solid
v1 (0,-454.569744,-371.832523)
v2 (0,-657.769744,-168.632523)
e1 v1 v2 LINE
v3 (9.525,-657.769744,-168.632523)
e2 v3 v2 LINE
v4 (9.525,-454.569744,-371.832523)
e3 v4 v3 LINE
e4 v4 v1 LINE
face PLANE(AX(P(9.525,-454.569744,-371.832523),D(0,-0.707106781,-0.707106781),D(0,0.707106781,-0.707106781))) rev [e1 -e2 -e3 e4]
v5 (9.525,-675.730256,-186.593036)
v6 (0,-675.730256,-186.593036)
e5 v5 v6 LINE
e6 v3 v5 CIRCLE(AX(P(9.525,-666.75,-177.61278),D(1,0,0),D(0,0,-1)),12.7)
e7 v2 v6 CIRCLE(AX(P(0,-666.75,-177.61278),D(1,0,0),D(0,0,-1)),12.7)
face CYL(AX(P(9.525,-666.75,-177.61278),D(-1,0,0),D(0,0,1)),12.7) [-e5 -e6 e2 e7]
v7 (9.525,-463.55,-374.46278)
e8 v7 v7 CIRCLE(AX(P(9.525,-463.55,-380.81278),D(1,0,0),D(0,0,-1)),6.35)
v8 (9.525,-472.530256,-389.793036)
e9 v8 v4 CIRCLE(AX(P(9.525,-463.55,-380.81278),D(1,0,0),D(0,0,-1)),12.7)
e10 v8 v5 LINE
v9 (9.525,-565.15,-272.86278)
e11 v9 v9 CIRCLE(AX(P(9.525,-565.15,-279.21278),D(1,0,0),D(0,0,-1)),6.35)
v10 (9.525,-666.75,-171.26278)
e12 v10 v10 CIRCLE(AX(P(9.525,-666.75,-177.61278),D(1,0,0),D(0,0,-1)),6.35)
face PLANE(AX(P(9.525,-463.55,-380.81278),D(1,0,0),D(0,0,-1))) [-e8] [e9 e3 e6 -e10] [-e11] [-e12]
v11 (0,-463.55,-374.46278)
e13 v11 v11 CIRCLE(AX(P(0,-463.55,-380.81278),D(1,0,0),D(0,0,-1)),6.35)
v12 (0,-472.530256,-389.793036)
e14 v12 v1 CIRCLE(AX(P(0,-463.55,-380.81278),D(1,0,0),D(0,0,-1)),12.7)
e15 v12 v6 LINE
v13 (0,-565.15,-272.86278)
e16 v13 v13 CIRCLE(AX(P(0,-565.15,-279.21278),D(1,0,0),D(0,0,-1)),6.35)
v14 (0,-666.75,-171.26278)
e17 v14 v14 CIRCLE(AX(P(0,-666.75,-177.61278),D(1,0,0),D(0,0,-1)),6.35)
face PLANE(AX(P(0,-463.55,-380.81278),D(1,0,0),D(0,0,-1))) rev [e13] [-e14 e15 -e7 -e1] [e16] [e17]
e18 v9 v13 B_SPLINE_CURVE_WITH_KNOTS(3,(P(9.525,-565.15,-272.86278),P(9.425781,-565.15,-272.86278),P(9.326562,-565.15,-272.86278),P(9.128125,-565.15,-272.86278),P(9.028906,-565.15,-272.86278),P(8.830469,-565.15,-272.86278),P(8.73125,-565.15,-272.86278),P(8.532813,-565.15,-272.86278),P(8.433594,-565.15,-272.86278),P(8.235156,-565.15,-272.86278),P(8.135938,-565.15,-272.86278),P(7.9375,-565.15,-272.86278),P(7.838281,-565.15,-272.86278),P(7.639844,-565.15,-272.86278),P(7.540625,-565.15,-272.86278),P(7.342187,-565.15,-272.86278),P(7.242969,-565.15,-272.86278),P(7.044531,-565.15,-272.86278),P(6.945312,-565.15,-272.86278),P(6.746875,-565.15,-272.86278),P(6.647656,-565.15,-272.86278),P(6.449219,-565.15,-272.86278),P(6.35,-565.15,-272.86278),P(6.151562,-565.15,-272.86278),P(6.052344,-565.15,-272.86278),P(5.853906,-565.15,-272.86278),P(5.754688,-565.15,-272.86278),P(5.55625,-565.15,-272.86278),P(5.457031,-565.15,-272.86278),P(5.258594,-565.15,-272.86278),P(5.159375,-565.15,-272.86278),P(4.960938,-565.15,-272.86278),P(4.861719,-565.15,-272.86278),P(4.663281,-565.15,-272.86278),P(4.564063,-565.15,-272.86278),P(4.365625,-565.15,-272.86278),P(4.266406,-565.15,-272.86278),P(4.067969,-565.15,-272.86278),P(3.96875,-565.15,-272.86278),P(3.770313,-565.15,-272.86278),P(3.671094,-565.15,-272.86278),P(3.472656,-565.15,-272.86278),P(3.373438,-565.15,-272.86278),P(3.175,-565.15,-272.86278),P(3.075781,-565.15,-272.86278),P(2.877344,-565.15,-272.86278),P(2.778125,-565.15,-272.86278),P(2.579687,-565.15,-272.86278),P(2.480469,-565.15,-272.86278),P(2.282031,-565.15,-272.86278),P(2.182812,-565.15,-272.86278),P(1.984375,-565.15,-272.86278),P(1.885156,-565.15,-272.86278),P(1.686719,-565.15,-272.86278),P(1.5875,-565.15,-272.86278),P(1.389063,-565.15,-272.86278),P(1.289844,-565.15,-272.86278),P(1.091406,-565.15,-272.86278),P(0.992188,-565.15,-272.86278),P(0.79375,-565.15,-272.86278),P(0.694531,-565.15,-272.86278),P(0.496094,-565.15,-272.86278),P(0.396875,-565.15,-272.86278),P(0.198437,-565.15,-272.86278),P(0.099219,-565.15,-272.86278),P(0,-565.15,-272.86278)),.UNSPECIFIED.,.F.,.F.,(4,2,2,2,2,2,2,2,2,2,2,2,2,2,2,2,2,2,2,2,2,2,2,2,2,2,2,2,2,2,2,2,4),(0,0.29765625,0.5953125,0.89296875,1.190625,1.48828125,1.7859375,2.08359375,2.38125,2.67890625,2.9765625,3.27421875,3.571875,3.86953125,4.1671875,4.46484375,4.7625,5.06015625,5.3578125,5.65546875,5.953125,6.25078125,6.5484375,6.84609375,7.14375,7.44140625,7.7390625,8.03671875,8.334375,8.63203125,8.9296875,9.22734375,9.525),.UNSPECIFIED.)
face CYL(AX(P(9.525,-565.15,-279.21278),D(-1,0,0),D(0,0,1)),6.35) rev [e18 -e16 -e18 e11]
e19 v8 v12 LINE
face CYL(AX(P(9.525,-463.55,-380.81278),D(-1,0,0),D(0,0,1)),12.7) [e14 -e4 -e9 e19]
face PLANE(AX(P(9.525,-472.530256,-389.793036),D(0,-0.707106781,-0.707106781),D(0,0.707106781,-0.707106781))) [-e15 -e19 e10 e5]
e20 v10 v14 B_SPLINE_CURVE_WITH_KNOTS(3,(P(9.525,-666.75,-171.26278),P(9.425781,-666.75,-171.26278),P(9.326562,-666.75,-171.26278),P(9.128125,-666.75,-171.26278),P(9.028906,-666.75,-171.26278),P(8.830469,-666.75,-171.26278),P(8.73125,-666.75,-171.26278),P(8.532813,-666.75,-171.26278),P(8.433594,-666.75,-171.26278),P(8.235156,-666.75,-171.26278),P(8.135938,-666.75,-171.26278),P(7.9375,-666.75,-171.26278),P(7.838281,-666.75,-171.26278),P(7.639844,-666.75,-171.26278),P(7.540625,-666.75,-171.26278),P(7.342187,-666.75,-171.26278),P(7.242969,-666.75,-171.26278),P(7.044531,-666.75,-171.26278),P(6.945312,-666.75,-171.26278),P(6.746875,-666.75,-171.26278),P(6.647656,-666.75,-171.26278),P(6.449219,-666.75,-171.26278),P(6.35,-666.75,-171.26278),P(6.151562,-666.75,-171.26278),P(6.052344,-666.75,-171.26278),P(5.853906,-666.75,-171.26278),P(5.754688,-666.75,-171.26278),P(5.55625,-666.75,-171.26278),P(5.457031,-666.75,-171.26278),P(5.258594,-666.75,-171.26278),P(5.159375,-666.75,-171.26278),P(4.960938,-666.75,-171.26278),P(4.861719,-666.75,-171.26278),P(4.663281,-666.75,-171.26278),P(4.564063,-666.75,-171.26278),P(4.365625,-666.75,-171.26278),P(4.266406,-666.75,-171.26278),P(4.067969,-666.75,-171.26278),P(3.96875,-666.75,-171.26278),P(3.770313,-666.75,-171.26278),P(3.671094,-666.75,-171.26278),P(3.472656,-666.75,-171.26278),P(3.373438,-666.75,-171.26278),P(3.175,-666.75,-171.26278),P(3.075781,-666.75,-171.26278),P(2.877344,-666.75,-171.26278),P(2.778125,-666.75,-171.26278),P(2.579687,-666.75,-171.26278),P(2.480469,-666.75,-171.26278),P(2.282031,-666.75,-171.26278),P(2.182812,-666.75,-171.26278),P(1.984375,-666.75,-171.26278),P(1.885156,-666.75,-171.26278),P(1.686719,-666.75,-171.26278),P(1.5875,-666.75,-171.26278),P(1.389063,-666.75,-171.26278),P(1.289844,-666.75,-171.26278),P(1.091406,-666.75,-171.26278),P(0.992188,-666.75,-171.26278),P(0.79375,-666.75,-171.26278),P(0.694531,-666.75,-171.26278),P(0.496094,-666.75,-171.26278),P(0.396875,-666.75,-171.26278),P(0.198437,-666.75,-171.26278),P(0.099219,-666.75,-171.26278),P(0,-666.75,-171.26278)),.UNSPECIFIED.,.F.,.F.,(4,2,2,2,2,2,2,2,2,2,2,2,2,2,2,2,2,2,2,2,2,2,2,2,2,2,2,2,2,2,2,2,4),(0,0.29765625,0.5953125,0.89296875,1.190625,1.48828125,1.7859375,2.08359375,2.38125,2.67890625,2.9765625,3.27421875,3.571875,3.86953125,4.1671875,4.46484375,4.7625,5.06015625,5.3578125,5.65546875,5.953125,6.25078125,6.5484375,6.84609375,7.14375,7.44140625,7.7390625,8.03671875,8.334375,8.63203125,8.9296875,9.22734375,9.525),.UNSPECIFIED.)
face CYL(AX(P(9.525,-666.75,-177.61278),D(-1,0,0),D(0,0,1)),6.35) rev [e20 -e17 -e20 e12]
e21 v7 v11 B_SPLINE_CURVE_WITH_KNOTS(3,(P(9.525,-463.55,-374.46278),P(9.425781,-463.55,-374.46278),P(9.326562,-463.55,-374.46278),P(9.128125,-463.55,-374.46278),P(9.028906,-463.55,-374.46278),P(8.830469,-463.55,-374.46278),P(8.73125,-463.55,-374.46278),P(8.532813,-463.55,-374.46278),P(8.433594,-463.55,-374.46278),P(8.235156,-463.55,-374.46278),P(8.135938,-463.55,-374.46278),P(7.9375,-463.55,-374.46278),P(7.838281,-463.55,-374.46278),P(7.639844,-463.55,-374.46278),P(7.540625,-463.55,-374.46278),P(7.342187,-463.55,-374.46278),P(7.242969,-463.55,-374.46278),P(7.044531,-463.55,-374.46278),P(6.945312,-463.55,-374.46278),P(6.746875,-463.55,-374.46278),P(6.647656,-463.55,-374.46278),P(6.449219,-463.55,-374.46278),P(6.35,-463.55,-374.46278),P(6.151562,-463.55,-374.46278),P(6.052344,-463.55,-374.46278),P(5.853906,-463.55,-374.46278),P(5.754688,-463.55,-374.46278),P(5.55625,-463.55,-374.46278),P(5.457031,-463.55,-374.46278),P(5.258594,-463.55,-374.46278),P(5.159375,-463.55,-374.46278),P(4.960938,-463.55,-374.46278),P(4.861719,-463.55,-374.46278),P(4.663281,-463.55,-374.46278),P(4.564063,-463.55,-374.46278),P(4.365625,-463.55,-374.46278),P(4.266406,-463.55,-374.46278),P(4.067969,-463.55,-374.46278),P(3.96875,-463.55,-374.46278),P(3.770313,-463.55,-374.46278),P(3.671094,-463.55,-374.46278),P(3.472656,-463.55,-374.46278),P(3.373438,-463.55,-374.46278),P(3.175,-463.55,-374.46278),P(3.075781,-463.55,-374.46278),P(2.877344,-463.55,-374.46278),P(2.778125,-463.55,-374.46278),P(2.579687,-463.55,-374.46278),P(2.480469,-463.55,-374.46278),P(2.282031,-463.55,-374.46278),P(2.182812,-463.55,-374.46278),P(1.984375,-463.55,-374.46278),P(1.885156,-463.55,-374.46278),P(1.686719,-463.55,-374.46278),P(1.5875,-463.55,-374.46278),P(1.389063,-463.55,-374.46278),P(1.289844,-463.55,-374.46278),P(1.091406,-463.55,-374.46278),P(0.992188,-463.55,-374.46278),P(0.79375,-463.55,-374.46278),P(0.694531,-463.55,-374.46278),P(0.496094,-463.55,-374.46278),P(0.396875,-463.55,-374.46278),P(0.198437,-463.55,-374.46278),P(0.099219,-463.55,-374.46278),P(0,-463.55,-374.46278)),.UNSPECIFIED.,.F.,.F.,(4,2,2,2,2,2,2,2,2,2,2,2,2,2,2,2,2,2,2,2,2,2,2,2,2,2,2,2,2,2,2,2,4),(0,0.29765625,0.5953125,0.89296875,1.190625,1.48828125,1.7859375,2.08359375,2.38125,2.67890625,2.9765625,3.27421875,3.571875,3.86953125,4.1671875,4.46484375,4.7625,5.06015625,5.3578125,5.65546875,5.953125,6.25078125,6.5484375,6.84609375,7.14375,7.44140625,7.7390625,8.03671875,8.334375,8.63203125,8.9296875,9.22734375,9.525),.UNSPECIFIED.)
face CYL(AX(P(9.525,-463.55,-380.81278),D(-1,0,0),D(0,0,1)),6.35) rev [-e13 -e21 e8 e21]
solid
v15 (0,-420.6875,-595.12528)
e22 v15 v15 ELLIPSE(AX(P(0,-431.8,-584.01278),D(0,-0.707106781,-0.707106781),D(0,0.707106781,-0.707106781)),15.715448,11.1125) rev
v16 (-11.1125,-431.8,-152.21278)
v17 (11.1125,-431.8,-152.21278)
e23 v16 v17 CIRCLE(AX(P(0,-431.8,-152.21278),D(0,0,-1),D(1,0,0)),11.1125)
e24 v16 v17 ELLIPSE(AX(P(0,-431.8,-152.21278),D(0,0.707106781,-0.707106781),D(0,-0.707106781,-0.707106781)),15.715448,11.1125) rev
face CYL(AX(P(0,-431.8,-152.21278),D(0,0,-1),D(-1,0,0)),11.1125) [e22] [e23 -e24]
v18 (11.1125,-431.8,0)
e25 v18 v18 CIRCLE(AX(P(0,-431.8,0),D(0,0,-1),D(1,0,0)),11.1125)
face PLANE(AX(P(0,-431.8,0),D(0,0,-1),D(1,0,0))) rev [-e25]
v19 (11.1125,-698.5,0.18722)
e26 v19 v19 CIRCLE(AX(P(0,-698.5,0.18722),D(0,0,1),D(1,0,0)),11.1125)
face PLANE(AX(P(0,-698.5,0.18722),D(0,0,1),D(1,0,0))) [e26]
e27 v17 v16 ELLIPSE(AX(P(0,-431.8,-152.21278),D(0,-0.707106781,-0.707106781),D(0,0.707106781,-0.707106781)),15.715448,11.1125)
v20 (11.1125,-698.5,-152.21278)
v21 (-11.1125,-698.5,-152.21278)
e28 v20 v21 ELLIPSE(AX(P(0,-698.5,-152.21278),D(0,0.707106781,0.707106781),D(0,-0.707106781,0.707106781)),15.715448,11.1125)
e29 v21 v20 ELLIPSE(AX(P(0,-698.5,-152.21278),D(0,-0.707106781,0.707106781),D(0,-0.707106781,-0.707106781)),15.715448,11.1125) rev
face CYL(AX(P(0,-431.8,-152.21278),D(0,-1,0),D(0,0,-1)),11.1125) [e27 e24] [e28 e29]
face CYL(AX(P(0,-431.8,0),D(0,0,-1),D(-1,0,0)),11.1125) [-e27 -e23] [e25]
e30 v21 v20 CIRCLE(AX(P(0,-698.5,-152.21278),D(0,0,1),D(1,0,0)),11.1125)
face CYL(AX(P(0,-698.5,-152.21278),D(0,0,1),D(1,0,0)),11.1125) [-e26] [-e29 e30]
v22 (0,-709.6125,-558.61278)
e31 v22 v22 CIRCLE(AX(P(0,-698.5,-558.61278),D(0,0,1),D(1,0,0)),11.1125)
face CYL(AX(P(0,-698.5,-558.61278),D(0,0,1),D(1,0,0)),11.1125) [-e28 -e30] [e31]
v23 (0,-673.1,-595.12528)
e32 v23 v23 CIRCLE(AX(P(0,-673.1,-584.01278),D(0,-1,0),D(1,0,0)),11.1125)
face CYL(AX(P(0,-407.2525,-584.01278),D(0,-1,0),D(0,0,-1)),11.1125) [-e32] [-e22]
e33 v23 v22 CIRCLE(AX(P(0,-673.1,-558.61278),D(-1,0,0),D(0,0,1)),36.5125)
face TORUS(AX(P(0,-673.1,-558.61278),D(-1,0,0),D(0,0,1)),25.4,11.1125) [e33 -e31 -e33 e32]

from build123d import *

# Parameters (mm, degrees)
SKETCH3_R           = 11.1125
SKETCH3_8_R         = 11.1125
SKETCH11_R          = 6.35
BOSS_EXTRUDE1_DEPTH = 9.525


with BuildPart() as part:
    # Sweep1: sweep along a path in Sketch1
    with BuildLine(Plane(origin=(0, 0, 0), x_dir=(0, 0, -1), z_dir=(1, 0, 0))) as sweep1_path:
        Line((0, -431.8), (152.212779539, -431.8))
        Line((152.212779539, -431.8), (584.012779539, -431.8))
        Line((584.012779539, -431.8), (584.012779539, -673.1))
        ThreePointArc((584.012779539, -673.1), (576.573291781, -691.060512242), (558.612779539, -698.5))
        Line((558.612779539, -698.5), (152.212779539, -698.5))
        Line((152.212779539, -698.5), (-0.187220461, -698.5))
    # Sketch3 → Sweep1 (sweep)
    with BuildSketch(Plane.XY):
        with Locations((0, -698.5)):
            Circle(SKETCH3_R)
    sweep(path=sweep1_path.line, transition=Transition.RIGHT)

    # Sweep2: sweep along a path in Sketch1<23>
    with BuildLine(Plane(origin=(0, 0, 0), x_dir=(0, 0, -1), z_dir=(1, 0, 0))) as sweep2_path:
        Line((-0.187220461, -698.5), (152.212779539, -698.5))
        Line((152.212779539, -698.5), (152.212779539, -431.8))
    # Sketch3<8> → Sweep2 (sweep)
    with BuildSketch(Plane.XY):
        with Locations((0, -698.5)):
            Circle(SKETCH3_8_R)
    sweep(path=sweep2_path.line, transition=Transition.RIGHT)


with BuildPart() as body_2:
    # Sketch11 → Boss-Extrude1 (new body)
    with BuildSketch(Plane(origin=(0, 0, 0), x_dir=(0, 0, -1), z_dir=(1, 0, 0))):
        with BuildLine():
            Line((389.79303566, -472.530256121), (186.59303566, -675.730256121))
            ThreePointArc((186.59303566, -675.730256121), (168.632523418, -675.730256121), (168.632523418, -657.769743879))
            Line((168.632523418, -657.769743879), (371.832523418, -454.569743879))
            ThreePointArc((371.832523418, -454.569743879), (389.79303566, -454.569743879), (389.79303566, -472.530256121))
        make_face()
        with Locations((177.612779539, -666.75)):
            Circle(SKETCH11_R, mode=Mode.SUBTRACT)
        with Locations((279.212779539, -565.15)):
            Circle(SKETCH11_R, mode=Mode.SUBTRACT)
        with Locations((380.812779539, -463.55)):
            Circle(SKETCH11_R, mode=Mode.SUBTRACT)
    extrude(amount=BOSS_EXTRUDE1_DEPTH)


solid = Compound([part.part, body_2.part])
